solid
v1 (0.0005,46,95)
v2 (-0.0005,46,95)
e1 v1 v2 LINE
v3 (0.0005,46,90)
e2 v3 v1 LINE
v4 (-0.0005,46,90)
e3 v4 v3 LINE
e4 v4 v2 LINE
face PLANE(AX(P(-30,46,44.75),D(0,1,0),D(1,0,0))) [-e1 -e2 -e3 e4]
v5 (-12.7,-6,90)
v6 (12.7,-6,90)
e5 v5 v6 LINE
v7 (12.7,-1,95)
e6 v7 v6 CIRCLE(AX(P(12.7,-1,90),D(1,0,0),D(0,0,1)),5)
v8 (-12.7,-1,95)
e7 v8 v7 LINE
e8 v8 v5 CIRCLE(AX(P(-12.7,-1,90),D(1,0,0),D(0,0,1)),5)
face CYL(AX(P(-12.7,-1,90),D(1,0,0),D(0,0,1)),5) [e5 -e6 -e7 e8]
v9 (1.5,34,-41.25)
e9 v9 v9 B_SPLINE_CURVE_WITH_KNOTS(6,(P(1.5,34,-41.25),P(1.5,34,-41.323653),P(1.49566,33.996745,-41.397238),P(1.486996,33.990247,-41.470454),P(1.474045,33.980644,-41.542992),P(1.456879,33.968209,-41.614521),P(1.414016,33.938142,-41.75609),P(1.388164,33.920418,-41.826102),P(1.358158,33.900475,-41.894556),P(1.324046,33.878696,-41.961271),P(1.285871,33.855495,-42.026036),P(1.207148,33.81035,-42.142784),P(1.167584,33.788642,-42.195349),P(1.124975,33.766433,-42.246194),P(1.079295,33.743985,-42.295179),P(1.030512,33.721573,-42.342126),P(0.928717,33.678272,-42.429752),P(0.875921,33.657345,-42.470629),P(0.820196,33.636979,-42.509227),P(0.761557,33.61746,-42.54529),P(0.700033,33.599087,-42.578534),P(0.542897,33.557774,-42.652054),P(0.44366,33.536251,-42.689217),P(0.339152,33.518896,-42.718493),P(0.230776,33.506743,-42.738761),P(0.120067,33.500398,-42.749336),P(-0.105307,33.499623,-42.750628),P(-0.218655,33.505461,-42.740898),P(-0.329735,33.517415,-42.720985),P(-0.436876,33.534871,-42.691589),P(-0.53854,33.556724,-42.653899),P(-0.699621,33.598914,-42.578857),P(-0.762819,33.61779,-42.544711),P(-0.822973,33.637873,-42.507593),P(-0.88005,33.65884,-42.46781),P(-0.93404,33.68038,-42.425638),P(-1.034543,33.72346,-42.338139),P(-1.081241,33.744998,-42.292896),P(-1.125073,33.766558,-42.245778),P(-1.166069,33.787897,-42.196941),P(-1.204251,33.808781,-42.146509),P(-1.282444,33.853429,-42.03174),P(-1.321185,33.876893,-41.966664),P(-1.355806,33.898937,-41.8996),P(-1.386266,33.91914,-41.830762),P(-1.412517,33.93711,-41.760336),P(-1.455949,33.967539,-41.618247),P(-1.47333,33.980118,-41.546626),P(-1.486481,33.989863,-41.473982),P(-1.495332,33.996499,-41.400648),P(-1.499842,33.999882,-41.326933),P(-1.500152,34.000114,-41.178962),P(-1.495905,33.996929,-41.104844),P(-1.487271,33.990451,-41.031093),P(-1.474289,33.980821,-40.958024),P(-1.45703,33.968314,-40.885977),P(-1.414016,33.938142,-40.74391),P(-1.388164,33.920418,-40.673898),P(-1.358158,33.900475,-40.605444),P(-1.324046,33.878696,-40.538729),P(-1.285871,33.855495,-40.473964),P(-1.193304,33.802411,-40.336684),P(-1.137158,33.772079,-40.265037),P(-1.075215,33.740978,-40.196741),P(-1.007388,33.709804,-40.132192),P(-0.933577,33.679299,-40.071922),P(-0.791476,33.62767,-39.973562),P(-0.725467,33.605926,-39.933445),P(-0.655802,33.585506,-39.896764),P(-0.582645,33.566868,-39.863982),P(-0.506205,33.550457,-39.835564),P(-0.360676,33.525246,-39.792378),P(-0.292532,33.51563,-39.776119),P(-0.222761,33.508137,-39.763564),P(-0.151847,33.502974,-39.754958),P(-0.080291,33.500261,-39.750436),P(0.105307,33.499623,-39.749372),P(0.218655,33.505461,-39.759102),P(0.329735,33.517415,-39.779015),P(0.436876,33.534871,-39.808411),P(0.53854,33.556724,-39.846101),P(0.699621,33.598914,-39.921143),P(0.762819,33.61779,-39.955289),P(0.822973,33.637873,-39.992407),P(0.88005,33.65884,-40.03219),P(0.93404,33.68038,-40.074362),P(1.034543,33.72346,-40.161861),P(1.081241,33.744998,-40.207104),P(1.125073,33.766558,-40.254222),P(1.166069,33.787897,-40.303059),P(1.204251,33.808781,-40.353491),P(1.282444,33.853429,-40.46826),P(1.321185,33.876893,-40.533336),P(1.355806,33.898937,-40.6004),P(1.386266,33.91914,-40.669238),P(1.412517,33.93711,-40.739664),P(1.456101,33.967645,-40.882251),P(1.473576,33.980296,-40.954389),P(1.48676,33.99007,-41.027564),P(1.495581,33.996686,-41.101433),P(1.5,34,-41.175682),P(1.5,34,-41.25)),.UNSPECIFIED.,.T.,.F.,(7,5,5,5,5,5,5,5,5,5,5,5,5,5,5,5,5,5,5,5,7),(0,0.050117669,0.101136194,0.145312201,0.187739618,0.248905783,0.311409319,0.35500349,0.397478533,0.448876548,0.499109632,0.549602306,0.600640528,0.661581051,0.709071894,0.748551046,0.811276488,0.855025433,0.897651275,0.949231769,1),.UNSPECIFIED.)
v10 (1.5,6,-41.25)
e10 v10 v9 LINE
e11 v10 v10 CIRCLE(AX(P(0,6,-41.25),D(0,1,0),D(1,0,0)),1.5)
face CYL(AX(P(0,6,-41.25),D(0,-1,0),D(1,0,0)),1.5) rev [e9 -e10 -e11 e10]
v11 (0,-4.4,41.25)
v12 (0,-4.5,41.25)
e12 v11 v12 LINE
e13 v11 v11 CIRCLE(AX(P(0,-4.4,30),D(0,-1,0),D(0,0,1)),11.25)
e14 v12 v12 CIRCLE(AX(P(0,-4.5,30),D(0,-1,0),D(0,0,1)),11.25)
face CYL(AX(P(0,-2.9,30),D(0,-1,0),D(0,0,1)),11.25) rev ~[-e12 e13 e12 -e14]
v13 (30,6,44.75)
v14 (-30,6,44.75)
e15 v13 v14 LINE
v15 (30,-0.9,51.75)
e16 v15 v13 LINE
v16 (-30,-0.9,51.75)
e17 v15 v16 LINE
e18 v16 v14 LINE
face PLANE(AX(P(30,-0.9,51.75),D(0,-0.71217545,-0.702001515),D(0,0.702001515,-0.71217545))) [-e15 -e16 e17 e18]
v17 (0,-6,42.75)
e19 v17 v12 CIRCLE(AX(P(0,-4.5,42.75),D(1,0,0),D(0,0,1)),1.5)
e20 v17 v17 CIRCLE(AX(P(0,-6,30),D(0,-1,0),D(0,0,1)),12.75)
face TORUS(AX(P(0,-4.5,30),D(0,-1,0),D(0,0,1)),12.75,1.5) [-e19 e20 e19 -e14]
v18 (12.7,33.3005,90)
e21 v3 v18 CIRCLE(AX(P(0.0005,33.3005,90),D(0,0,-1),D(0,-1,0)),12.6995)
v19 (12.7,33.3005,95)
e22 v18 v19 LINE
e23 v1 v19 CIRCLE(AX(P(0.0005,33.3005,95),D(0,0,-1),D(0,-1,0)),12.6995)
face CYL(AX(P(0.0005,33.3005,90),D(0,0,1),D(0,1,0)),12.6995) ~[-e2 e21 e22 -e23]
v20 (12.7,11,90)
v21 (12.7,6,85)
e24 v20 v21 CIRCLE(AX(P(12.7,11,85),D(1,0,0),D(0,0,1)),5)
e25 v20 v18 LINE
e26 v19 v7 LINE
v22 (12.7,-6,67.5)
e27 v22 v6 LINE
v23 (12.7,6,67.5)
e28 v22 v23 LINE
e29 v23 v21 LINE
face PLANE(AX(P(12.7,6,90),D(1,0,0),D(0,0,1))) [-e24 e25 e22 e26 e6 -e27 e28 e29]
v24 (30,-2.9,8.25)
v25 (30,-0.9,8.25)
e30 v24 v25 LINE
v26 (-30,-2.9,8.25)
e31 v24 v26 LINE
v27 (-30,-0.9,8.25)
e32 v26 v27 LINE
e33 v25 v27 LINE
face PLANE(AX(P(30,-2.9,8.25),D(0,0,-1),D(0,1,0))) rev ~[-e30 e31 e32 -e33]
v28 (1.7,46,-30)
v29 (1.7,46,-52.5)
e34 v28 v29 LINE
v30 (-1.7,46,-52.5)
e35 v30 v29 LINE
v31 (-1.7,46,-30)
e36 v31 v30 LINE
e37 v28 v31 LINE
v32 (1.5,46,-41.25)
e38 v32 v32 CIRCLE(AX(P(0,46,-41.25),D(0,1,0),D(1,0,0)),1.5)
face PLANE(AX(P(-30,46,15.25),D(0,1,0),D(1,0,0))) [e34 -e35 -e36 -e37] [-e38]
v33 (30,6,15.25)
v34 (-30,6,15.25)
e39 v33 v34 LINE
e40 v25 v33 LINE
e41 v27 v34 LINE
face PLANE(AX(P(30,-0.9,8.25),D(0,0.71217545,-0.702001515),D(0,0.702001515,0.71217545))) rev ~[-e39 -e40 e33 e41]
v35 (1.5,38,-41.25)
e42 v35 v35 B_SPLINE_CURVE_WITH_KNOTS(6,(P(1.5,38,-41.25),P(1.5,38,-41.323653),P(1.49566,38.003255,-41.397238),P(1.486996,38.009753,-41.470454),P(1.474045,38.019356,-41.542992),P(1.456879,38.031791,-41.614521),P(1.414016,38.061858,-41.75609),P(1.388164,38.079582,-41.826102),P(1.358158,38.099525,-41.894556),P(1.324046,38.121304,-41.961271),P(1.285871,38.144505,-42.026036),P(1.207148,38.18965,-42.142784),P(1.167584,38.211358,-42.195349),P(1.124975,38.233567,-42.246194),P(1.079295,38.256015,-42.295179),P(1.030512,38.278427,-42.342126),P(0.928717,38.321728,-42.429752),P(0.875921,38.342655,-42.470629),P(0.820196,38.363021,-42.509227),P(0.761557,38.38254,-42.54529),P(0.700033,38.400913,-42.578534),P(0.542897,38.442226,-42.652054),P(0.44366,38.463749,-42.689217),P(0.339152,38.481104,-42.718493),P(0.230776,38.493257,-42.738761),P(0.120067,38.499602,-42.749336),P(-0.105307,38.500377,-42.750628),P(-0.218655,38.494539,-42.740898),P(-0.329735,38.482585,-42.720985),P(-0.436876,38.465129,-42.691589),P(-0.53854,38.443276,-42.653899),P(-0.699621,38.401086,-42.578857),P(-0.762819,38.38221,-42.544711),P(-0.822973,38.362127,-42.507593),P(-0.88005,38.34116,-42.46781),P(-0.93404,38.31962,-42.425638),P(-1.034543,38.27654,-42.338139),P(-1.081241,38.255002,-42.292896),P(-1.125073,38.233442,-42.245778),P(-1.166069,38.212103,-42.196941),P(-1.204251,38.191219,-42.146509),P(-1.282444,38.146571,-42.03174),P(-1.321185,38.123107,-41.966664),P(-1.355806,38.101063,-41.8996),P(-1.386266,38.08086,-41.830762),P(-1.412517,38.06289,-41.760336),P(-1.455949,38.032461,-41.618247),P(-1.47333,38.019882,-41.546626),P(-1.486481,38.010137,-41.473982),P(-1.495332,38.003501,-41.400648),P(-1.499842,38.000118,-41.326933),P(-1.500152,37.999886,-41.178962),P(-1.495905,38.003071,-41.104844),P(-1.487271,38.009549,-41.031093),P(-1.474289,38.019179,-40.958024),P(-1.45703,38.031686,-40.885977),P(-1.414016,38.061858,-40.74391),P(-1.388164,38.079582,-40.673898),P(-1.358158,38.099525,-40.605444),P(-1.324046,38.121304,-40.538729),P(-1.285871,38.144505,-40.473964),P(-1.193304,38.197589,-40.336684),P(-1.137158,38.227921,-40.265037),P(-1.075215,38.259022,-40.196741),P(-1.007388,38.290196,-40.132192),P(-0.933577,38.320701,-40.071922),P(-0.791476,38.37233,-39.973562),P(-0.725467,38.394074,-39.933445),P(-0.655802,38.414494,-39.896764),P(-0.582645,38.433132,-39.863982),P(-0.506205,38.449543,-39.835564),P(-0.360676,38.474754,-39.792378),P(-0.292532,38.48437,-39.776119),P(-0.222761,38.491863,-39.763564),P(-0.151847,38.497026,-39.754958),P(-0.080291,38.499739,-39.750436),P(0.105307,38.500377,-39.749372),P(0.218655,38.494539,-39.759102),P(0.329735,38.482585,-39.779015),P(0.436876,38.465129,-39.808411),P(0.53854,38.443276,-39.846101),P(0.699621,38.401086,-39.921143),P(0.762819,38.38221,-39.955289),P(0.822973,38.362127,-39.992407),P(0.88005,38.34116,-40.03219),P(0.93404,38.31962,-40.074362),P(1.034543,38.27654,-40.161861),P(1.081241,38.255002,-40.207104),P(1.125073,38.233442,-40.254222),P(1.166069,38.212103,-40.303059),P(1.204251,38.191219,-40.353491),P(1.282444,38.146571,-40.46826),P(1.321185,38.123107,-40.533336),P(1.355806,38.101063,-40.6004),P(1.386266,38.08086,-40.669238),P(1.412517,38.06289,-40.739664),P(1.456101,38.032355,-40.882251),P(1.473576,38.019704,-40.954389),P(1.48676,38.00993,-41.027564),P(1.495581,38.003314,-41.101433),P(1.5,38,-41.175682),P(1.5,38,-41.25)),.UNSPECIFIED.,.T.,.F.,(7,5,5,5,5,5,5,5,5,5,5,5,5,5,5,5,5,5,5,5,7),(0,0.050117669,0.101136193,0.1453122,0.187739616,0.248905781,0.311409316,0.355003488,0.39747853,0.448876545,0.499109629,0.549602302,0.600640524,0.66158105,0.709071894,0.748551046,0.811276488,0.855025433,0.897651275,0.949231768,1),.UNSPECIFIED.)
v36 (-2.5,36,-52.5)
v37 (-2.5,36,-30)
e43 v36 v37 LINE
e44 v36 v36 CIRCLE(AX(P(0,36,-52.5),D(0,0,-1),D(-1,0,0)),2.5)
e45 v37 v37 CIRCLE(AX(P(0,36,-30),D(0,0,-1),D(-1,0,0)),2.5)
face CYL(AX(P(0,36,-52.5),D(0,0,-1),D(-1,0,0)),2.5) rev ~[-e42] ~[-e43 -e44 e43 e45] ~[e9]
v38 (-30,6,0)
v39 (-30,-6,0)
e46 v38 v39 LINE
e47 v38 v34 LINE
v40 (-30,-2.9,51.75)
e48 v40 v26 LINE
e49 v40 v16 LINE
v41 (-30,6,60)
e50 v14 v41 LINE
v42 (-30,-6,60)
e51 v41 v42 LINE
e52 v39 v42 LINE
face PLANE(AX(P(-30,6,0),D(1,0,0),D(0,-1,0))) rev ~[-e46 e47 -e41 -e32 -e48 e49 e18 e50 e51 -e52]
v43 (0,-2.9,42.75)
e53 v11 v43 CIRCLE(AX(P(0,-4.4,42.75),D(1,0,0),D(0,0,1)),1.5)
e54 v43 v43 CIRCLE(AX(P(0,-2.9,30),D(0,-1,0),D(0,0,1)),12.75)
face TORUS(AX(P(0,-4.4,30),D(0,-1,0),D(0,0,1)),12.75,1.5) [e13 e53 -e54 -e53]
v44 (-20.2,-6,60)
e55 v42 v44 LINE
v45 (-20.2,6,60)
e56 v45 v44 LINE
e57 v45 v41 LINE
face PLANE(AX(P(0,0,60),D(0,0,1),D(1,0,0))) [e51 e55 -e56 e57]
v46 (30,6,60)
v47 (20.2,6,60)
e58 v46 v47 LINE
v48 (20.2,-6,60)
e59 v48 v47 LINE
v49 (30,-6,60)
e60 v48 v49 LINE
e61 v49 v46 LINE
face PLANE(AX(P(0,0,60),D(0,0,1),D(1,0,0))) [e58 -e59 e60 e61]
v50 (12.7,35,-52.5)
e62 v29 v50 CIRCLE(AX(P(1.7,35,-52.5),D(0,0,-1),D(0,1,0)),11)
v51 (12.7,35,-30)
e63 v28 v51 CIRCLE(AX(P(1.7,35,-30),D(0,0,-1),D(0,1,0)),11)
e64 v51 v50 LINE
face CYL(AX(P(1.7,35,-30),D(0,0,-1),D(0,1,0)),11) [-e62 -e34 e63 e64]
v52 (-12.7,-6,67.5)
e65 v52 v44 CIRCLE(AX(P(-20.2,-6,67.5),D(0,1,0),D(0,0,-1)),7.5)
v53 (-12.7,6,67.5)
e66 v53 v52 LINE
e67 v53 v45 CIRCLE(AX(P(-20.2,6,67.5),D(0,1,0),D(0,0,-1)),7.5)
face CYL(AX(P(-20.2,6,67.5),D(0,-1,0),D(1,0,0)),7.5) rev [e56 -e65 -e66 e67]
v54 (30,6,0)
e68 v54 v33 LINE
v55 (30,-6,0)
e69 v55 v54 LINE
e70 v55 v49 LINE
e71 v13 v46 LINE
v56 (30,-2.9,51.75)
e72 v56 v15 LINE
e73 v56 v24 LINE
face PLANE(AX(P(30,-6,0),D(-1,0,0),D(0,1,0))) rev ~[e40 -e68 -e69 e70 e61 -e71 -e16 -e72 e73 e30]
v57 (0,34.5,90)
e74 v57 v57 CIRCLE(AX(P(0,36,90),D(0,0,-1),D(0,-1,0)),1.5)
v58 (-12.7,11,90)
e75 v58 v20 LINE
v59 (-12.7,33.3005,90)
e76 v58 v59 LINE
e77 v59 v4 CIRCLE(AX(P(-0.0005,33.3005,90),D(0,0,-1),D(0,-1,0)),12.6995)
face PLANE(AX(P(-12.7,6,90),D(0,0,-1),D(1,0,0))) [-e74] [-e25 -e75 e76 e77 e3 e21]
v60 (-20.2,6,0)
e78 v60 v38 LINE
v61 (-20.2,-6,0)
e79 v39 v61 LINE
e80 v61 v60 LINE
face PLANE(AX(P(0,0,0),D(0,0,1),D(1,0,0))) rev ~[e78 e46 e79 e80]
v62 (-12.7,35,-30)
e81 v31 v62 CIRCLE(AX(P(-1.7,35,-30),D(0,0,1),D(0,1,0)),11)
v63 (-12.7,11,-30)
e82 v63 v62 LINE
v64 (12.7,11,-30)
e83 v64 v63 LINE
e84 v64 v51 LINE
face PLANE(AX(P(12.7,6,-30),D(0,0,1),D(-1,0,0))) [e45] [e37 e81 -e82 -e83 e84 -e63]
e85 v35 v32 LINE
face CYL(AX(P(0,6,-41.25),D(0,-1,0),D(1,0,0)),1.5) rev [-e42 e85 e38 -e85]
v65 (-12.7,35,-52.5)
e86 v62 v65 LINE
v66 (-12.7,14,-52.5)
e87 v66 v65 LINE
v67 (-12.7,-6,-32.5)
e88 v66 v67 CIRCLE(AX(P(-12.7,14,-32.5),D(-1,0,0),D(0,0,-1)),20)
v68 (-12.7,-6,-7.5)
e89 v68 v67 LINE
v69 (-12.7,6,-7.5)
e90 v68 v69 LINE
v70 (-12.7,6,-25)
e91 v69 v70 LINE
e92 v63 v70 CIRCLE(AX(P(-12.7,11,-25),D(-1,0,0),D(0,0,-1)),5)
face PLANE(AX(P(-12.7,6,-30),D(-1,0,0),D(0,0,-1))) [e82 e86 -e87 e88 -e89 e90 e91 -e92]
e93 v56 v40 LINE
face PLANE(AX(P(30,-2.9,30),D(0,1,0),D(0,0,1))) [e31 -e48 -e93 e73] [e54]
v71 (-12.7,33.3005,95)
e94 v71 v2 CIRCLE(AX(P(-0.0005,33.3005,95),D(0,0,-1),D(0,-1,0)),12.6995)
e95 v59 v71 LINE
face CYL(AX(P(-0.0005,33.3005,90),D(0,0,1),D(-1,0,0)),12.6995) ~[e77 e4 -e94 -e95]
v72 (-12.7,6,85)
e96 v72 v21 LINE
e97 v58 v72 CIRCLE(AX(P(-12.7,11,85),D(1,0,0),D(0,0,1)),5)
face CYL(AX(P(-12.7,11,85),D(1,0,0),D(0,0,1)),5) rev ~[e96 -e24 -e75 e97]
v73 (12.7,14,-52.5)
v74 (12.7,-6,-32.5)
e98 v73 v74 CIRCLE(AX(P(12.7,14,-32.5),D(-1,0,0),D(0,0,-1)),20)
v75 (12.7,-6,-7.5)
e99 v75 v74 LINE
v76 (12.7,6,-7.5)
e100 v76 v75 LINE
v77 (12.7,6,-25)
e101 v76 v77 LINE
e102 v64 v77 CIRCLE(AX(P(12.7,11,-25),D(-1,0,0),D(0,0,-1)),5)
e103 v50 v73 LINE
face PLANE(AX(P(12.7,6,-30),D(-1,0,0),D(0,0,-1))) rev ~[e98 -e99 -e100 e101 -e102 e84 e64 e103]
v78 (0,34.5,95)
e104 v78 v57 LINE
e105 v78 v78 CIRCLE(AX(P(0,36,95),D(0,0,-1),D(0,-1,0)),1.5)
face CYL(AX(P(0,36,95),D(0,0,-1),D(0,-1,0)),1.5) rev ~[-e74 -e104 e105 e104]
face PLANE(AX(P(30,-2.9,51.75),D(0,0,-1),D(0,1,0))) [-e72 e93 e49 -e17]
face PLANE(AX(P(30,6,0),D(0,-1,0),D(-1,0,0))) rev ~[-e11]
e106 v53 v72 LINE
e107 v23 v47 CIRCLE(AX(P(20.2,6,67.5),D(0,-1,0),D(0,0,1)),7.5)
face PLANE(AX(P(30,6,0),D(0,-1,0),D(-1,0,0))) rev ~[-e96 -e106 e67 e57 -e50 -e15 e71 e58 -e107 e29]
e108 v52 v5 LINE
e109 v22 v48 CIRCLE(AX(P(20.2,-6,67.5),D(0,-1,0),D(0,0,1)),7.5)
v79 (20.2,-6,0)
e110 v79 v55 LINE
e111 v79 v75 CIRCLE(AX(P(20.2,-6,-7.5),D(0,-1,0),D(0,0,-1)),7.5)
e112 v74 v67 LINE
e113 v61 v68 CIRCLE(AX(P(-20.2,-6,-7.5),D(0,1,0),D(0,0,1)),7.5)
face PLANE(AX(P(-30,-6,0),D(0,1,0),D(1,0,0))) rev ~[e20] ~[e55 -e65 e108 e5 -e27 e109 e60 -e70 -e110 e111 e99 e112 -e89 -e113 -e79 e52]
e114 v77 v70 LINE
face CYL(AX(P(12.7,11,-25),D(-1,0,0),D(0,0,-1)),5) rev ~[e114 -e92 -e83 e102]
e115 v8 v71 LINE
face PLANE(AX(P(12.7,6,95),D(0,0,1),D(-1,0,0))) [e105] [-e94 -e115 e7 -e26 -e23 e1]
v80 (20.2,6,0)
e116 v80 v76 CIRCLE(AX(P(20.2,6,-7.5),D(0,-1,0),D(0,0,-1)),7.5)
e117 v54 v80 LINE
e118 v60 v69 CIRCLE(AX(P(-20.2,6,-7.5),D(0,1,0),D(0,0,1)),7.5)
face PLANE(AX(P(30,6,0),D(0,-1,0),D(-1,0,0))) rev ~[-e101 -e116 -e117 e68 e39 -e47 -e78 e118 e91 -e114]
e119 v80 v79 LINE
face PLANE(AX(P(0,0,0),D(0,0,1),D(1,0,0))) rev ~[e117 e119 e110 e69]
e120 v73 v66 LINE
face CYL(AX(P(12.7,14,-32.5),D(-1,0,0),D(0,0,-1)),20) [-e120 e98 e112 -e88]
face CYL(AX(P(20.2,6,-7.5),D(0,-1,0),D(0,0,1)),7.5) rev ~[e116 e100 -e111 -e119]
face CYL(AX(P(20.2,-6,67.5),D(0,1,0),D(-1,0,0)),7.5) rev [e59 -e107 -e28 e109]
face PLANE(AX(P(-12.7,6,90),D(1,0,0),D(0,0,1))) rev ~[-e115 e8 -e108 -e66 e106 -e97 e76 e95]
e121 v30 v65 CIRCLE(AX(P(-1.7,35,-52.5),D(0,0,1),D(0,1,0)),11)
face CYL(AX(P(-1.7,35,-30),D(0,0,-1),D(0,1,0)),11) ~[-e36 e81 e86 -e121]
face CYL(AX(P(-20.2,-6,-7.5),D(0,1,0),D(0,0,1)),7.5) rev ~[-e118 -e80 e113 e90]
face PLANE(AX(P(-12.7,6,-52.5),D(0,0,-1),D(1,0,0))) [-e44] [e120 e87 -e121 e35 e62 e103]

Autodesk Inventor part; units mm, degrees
ref_plane "YZ Plane" through (0, 0, 0) normal (1, 0, 0) x (0, 1, 0)
ref_plane "XZ Plane" through (0, 0, 0) normal (0, 1, 0) x (-1, 0, 0)
ref_plane "XY Plane" through (0, 0, 0) normal (0, 0, 1) x (1, 0, 0)
sketch "Sketch1" plane through (0, 0, 0) normal (0, 0, 1) x (1, 0, 0)
  line L0 (-30, -6) -> (30, -6)
  line L1 (30, -6) -> (30, 6)
  line L2 (30, 6) -> (-30, 6)
  line L3 (-30, 6) -> (-30, -6)
  line L4 (-30, -6) -> (30, 6) construction
  line L5 (30, -6) -> (-30, 6) construction
  line L6 (30, 6) -> (25, 6) construction
  line L7 (-30, 6) -> (-25, 6) construction
  point P0 (0, 0)
  dimension "d0" = 60
  dimension "d1" = 12
extrude "Block" add sketch "Sketch1" along normal blind 60
sketch "Sketch2" plane through (30, -6, 0) normal (1, 0, 0) x (0, 0, -1)
  line L0 (0, 12) -> (-60, 12) projected
  line L1 (-30, 12) -> (-15.25, 12)
  line L2 (-30, 12) -> (-44.75, 12)
  line L3 (-30, 12) -> (-30, 3.1) construction
  line L4 (-30, 3.1) -> (-8.25, 3.1)
  line L5 (-30, 3.1) -> (-51.75, 3.1)
  line L6 (-51.75, 3.1) -> (-51.75, 5.1)
  line L7 (-8.25, 3.1) -> (-8.25, 5.1)
  line L8 (-8.25, 5.1) -> (-15.25, 12)
  line L9 (-51.75, 5.1) -> (-44.75, 12)
  point P0 (0, 6)
  dimension "d17" = 14.75
  dimension "d18" = 14.75
  dimension "d19" = 8.9
  dimension "d20" = 21.75
  dimension "d21" = 21.75
  dimension "d22" = 2
  dimension "d23" = 2
extrude "Tripod Slot" cut sketch "Sketch2" against normal blind 60
hole "Hole1" at (0, -2.9, 30) direction (0, -1, 0) diameter 22.5 end through all
sketch "Sketch4" plane through (0, 0, 0) normal (0, 0, -1) x (-1, 0, 0)
  line L0 (-30, 6) -> (30, 6) projected
  line L1 (-12.7, -6) -> (12.7, -6)
  line L2 (12.7, -6) -> (12.7, 6)
  line L3 (12.7, 6) -> (-12.7, 6)
  line L4 (-12.7, 6) -> (-12.7, -6)
  line L5 (-12.7, -6) -> (12.7, 6) construction
  line L6 (12.7, -6) -> (-12.7, 6) construction
  point P0 (0, 0)
  dimension "d64" = 25.4
  dimension "d65" = 25.288
  dimension "d66" = 17.3
extrude "Extrusion4" add sketch "Sketch4" along normal blind 52.5
sketch "Sketch5" plane through (-30, 6, 15.25) normal (0, 1, 0) x (1, 0, 0)
  line L0 (60, -29.5) -> (60, 0) projected
  line L1 (17.3, 67.75) -> (42.7, 67.75) projected
  line L2 (42.7, 15.25) -> (42.7, 67.75) projected
  line L3 (17.3, 67.75) -> (42.7, 67.75)
  line L4 (42.7, 67.75) -> (42.7, 45.25)
  line L5 (42.7, 45.25) -> (17.3, 45.25)
  line L6 (17.3, 45.25) -> (17.3, 67.75)
  line L7 (17.3, 15.25) -> (17.3, 67.75) construction
  line L8 (42.7, 45.25) -> (17.3, 67.75) construction
  circle A0 centre (30, 56.5) radius 1.5
  point P0 (30, 15.25)
  dimension "d67" = 22.5
  dimension "d68" = 3
extrude "Extrusion5" add sketch "Sketch5" along normal blind 40
sketch "Sketch6" plane through (0, 0, -52.5) normal (0, 0, -1) x (-1, 0, 0)
  line L0 (0, 0) -> (0, 46) construction
  circle A0 centre (0, 36) radius 2.5
  line L1 (-12.7, 46) -> (12.7, 46) construction
  line L2 (-12.7, 46) -> (12.7, 46) construction
  line L3 (12.7, 46) -> (0, 46) construction
  line L4 (0, 36) -> (0, 46) construction
  dimension "d60" = 5
  dimension "d61" = 10
extrude "Extrusion6" cut sketch "Sketch6" against normal blind 31.75
fillet "Fillet4" radius 11 2 edges at (12.7, 46, -41.25) (-12.7, 46, -41.25)
fillet "Fillet5" radius 20 1 edges at (0, -6, -52.5)
fillet "Fillet6" radius 5 1 edges at (0, 6, -30)
sketch "Sketch7" plane through (0, 0, 60) normal (0, 0, 1) x (1, 0, 0)
  line L0 (-30, 6) -> (30, 6) projected
  line L1 (-12.7, -6) -> (12.7, -6)
  line L2 (12.7, -6) -> (12.7, 6)
  line L3 (12.7, 6) -> (-12.7, 6)
  line L4 (-12.7, 6) -> (-12.7, -6)
  line L5 (-12.7, -6) -> (12.7, 6) construction
  line L6 (12.7, -6) -> (-12.7, 6) construction
  point P0 (0, 0)
  dimension "d73" = 25.4
extrude "Extrusion7" add sketch "Sketch7" along normal blind 35
sketch "Sketch8" plane through (-30, 6, 44.75) normal (0, 1, 0) x (1, 0, 0)
  line L0 (30, -50.25) -> (30, 0) construction
  line L1 (60, 0) -> (0, 0) construction
  line L2 (30, -50.25) -> (30, -47.75) construction
  line L3 (17.3, -15.25) -> (17.3, -50.25) projected
  line L4 (42.7, -50.25) -> (17.3, -50.25)
  line L5 (17.3, -50.25) -> (17.3, -45.25)
  line L6 (17.3, -45.25) -> (42.7, -45.25)
  line L7 (42.7, -45.25) -> (42.7, -50.25)
  line L8 (42.7, -50.25) -> (17.3, -45.25) construction
  line L9 (17.3, -50.25) -> (42.7, -45.25) construction
  point P0 (30, 44.75)
  dimension "d76" = 2.5
  dimension "d81" = 5
extrude "Extrusion8" add sketch "Sketch8" along normal blind 40
hole "Hole2" at (0, 36, 95) direction (0, 0, -1) diameter 3 end through all
fillet "Fillet7" radius 12.7 2 edges at (12.7, 46, 92.5) (-12.7, 46, 92.5)
fillet "Fillet8" radius 5 1 edges at (0, 6, 90)
fillet "Fillet9" radius 5 1 edges at (0, -6, 95)
fillet "Fillet10" radius 7.5 4 edges at (12.7, 0, 0) (-12.7, 0, 0) (-12.7, 0, 60) (12.7, 0, 60)
fillet "Fillet11" radius 1.5 2 edges at (0, -6, 18.75) (0, -2.9, 18.75)
properties part number "InnerFrame"
